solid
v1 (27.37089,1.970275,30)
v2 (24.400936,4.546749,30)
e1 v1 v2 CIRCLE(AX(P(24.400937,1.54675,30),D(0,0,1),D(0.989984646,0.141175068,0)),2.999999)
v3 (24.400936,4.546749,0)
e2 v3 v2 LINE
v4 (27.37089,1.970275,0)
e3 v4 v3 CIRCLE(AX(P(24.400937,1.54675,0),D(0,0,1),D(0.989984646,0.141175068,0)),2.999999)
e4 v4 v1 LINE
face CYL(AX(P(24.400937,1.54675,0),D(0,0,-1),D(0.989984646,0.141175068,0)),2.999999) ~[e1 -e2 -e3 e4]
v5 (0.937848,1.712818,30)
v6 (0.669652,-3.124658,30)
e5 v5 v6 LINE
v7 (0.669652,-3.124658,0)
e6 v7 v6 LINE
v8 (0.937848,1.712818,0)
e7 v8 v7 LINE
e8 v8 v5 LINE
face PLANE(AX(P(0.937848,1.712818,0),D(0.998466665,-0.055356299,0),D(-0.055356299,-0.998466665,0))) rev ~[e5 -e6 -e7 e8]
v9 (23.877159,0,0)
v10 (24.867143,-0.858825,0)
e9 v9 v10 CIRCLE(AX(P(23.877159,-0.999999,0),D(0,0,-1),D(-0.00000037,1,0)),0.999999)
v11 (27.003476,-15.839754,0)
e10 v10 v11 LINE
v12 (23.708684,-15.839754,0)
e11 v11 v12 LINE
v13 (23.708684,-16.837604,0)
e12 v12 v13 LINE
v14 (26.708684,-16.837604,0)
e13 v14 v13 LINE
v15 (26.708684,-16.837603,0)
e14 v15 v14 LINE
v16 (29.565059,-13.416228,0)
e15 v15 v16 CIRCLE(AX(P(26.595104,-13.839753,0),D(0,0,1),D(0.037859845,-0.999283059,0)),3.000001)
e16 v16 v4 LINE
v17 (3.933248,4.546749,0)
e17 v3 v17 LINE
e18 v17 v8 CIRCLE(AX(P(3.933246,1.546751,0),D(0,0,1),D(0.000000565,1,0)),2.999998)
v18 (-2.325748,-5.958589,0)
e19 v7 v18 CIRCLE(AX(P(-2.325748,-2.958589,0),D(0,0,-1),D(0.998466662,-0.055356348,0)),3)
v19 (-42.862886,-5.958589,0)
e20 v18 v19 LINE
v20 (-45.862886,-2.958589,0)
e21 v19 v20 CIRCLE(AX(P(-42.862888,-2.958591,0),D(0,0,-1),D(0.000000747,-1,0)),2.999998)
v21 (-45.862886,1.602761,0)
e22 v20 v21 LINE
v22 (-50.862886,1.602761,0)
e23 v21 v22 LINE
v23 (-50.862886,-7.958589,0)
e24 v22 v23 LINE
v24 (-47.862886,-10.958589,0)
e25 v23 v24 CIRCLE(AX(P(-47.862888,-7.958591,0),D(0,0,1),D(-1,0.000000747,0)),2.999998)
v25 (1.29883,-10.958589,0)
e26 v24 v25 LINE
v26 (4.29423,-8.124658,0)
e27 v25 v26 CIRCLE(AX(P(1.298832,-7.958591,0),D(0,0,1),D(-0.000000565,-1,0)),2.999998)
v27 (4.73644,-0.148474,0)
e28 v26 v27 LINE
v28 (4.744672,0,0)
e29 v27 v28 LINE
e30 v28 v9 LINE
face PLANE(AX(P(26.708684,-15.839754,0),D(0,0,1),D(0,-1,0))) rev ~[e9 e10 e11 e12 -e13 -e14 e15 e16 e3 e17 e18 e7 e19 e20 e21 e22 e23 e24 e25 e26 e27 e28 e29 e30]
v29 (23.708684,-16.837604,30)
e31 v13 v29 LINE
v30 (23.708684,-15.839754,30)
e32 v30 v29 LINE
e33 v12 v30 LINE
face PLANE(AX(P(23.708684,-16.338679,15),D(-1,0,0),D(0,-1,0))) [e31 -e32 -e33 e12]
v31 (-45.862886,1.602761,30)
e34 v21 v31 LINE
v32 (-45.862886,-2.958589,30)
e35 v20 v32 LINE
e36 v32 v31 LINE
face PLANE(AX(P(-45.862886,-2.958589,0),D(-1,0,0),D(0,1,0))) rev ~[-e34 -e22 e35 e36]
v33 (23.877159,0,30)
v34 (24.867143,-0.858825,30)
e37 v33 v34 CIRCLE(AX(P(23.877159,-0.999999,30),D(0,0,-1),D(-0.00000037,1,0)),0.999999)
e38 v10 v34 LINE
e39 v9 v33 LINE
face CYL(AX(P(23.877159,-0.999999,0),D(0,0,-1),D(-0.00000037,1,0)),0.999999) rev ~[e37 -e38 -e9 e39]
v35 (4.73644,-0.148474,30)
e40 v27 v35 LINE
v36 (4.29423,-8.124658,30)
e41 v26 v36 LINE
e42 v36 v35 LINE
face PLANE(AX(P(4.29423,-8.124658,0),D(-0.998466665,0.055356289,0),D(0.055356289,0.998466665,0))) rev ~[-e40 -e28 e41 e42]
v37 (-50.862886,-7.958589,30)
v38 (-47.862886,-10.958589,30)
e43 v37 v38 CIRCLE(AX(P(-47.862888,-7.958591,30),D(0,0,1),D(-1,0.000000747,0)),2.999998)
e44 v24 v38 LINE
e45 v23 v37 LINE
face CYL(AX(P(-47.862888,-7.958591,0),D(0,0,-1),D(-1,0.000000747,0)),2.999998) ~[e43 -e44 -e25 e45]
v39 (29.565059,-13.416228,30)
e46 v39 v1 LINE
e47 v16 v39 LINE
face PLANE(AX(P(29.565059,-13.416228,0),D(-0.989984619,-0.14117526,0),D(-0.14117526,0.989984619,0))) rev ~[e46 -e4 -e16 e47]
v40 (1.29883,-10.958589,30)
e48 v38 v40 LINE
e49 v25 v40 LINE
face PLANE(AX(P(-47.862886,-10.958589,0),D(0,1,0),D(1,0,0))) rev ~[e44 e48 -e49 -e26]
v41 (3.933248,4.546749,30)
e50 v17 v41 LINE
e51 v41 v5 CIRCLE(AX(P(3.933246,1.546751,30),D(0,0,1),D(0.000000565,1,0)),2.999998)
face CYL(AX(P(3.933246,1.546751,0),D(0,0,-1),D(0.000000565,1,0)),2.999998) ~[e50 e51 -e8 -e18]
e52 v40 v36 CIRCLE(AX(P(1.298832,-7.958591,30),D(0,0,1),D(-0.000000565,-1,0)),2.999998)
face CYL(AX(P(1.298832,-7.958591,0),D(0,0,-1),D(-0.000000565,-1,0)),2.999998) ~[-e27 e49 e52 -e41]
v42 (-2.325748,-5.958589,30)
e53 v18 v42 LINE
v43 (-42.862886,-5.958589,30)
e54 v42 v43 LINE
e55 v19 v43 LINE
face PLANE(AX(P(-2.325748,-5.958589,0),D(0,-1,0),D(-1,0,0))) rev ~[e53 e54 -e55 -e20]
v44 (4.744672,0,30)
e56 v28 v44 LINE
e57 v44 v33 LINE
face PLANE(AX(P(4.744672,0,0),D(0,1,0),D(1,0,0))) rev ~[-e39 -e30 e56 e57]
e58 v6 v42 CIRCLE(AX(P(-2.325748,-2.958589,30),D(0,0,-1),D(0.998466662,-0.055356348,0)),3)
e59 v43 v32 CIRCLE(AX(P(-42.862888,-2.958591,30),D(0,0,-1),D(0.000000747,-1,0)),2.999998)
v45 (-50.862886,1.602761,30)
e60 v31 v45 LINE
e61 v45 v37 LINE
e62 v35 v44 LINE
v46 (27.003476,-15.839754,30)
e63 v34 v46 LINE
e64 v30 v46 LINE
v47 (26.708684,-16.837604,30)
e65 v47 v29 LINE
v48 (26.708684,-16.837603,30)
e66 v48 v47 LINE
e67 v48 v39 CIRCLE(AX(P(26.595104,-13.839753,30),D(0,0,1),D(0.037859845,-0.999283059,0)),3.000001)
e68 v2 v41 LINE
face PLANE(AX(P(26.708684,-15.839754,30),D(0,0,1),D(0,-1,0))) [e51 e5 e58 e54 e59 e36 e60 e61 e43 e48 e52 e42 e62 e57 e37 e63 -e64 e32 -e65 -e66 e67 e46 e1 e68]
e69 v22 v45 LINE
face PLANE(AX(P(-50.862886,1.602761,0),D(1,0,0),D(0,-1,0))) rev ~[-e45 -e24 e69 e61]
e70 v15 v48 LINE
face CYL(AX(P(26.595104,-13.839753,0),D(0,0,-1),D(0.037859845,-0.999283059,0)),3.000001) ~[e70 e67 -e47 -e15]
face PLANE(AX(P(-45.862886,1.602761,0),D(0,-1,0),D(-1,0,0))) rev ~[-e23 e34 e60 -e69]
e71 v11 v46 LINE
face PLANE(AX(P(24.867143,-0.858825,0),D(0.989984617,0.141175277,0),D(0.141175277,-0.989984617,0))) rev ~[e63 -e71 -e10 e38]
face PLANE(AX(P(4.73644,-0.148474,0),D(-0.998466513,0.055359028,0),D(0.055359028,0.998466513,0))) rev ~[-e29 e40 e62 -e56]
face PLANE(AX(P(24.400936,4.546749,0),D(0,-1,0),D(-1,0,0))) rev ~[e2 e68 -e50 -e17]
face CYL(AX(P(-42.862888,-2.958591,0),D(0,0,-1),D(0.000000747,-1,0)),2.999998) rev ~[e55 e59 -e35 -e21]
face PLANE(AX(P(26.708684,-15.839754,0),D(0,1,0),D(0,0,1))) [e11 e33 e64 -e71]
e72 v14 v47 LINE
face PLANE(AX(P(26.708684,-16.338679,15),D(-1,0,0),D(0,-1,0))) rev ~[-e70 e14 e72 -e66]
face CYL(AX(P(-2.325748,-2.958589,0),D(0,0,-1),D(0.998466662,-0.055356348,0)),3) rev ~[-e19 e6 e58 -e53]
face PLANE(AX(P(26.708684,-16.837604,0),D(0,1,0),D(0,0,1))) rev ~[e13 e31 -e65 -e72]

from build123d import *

# Parameters (mm, degrees)
F1_DEPTH  = 30
F1_FACE_W = 0.99785
F1_FACE_H = 30
F2_DEPTH  = 3


with BuildPart() as f1:
    # F0 (on Top) → F1 (new body)
    with BuildSketch(Plane.XY):
        with BuildLine():
            ThreePointArc((-50.862886, -7.958589), (-49.984207, -10.07991), (-47.862886, -10.958589))
            Line((-47.862886, -10.958589), (1.29883, -10.958589))
            ThreePointArc((1.29883, -10.958589), (3.360601, -10.137833), (4.29423, -8.124658))
            Line((4.29423, -8.124658), (4.73644, -0.148474))
            Line((4.73644, -0.148474), (4.744672, 0))
            Line((4.744672, 0), (9.380593, 0))
            Line((9.380593, 0), (23.877159, 0))
            ThreePointArc((23.877159, 0), (24.532454, -0.244627), (24.867143, -0.858825))
            Line((24.867143, -0.858825), (27.003476, -15.839754))
            Line((27.003476, -15.839754), (26.708684, -15.839754))
            Line((26.708684, -15.839754), (26.708684, -16.837603))
            ThreePointArc((26.708684, -16.837603), (28.898037, -15.762383), (29.565059, -13.416228))
            Line((29.565059, -13.416228), (27.37089, 1.970275))
            ThreePointArc((27.37089, 1.970275), (26.366823, 3.812867), (24.400936, 4.546749))
            Line((24.400936, 4.546749), (3.933248, 4.546749))
            ThreePointArc((3.933248, 4.546749), (1.871477, 3.725993), (0.937848, 1.712818))
            Line((0.937848, 1.712818), (0.669652, -3.124658))
            ThreePointArc((0.669652, -3.124658), (-0.263978, -5.137833), (-2.325748, -5.958589))
            Line((-2.325748, -5.958589), (-42.862886, -5.958589))
            ThreePointArc((-42.862886, -5.958589), (-44.984207, -5.07991), (-45.862886, -2.958589))
            Line((-45.862886, -2.958589), (-45.862886, 1.602761))
            Line((-45.862886, 1.602761), (-50.862886, 1.602761))
            Line((-50.862886, 1.602761), (-50.862886, -7.958589))
        make_face()
    extrude(amount=F1_DEPTH)

    # F1_face (on face) → F2 (join)
    with BuildSketch(Plane(origin=(26.708684, -16.338679, 15), x_dir=(0, -1, 0), z_dir=(-1, 0, 0))):
        Rectangle(F1_FACE_W, F1_FACE_H)
    extrude(amount=F2_DEPTH)


solid = f1.part
